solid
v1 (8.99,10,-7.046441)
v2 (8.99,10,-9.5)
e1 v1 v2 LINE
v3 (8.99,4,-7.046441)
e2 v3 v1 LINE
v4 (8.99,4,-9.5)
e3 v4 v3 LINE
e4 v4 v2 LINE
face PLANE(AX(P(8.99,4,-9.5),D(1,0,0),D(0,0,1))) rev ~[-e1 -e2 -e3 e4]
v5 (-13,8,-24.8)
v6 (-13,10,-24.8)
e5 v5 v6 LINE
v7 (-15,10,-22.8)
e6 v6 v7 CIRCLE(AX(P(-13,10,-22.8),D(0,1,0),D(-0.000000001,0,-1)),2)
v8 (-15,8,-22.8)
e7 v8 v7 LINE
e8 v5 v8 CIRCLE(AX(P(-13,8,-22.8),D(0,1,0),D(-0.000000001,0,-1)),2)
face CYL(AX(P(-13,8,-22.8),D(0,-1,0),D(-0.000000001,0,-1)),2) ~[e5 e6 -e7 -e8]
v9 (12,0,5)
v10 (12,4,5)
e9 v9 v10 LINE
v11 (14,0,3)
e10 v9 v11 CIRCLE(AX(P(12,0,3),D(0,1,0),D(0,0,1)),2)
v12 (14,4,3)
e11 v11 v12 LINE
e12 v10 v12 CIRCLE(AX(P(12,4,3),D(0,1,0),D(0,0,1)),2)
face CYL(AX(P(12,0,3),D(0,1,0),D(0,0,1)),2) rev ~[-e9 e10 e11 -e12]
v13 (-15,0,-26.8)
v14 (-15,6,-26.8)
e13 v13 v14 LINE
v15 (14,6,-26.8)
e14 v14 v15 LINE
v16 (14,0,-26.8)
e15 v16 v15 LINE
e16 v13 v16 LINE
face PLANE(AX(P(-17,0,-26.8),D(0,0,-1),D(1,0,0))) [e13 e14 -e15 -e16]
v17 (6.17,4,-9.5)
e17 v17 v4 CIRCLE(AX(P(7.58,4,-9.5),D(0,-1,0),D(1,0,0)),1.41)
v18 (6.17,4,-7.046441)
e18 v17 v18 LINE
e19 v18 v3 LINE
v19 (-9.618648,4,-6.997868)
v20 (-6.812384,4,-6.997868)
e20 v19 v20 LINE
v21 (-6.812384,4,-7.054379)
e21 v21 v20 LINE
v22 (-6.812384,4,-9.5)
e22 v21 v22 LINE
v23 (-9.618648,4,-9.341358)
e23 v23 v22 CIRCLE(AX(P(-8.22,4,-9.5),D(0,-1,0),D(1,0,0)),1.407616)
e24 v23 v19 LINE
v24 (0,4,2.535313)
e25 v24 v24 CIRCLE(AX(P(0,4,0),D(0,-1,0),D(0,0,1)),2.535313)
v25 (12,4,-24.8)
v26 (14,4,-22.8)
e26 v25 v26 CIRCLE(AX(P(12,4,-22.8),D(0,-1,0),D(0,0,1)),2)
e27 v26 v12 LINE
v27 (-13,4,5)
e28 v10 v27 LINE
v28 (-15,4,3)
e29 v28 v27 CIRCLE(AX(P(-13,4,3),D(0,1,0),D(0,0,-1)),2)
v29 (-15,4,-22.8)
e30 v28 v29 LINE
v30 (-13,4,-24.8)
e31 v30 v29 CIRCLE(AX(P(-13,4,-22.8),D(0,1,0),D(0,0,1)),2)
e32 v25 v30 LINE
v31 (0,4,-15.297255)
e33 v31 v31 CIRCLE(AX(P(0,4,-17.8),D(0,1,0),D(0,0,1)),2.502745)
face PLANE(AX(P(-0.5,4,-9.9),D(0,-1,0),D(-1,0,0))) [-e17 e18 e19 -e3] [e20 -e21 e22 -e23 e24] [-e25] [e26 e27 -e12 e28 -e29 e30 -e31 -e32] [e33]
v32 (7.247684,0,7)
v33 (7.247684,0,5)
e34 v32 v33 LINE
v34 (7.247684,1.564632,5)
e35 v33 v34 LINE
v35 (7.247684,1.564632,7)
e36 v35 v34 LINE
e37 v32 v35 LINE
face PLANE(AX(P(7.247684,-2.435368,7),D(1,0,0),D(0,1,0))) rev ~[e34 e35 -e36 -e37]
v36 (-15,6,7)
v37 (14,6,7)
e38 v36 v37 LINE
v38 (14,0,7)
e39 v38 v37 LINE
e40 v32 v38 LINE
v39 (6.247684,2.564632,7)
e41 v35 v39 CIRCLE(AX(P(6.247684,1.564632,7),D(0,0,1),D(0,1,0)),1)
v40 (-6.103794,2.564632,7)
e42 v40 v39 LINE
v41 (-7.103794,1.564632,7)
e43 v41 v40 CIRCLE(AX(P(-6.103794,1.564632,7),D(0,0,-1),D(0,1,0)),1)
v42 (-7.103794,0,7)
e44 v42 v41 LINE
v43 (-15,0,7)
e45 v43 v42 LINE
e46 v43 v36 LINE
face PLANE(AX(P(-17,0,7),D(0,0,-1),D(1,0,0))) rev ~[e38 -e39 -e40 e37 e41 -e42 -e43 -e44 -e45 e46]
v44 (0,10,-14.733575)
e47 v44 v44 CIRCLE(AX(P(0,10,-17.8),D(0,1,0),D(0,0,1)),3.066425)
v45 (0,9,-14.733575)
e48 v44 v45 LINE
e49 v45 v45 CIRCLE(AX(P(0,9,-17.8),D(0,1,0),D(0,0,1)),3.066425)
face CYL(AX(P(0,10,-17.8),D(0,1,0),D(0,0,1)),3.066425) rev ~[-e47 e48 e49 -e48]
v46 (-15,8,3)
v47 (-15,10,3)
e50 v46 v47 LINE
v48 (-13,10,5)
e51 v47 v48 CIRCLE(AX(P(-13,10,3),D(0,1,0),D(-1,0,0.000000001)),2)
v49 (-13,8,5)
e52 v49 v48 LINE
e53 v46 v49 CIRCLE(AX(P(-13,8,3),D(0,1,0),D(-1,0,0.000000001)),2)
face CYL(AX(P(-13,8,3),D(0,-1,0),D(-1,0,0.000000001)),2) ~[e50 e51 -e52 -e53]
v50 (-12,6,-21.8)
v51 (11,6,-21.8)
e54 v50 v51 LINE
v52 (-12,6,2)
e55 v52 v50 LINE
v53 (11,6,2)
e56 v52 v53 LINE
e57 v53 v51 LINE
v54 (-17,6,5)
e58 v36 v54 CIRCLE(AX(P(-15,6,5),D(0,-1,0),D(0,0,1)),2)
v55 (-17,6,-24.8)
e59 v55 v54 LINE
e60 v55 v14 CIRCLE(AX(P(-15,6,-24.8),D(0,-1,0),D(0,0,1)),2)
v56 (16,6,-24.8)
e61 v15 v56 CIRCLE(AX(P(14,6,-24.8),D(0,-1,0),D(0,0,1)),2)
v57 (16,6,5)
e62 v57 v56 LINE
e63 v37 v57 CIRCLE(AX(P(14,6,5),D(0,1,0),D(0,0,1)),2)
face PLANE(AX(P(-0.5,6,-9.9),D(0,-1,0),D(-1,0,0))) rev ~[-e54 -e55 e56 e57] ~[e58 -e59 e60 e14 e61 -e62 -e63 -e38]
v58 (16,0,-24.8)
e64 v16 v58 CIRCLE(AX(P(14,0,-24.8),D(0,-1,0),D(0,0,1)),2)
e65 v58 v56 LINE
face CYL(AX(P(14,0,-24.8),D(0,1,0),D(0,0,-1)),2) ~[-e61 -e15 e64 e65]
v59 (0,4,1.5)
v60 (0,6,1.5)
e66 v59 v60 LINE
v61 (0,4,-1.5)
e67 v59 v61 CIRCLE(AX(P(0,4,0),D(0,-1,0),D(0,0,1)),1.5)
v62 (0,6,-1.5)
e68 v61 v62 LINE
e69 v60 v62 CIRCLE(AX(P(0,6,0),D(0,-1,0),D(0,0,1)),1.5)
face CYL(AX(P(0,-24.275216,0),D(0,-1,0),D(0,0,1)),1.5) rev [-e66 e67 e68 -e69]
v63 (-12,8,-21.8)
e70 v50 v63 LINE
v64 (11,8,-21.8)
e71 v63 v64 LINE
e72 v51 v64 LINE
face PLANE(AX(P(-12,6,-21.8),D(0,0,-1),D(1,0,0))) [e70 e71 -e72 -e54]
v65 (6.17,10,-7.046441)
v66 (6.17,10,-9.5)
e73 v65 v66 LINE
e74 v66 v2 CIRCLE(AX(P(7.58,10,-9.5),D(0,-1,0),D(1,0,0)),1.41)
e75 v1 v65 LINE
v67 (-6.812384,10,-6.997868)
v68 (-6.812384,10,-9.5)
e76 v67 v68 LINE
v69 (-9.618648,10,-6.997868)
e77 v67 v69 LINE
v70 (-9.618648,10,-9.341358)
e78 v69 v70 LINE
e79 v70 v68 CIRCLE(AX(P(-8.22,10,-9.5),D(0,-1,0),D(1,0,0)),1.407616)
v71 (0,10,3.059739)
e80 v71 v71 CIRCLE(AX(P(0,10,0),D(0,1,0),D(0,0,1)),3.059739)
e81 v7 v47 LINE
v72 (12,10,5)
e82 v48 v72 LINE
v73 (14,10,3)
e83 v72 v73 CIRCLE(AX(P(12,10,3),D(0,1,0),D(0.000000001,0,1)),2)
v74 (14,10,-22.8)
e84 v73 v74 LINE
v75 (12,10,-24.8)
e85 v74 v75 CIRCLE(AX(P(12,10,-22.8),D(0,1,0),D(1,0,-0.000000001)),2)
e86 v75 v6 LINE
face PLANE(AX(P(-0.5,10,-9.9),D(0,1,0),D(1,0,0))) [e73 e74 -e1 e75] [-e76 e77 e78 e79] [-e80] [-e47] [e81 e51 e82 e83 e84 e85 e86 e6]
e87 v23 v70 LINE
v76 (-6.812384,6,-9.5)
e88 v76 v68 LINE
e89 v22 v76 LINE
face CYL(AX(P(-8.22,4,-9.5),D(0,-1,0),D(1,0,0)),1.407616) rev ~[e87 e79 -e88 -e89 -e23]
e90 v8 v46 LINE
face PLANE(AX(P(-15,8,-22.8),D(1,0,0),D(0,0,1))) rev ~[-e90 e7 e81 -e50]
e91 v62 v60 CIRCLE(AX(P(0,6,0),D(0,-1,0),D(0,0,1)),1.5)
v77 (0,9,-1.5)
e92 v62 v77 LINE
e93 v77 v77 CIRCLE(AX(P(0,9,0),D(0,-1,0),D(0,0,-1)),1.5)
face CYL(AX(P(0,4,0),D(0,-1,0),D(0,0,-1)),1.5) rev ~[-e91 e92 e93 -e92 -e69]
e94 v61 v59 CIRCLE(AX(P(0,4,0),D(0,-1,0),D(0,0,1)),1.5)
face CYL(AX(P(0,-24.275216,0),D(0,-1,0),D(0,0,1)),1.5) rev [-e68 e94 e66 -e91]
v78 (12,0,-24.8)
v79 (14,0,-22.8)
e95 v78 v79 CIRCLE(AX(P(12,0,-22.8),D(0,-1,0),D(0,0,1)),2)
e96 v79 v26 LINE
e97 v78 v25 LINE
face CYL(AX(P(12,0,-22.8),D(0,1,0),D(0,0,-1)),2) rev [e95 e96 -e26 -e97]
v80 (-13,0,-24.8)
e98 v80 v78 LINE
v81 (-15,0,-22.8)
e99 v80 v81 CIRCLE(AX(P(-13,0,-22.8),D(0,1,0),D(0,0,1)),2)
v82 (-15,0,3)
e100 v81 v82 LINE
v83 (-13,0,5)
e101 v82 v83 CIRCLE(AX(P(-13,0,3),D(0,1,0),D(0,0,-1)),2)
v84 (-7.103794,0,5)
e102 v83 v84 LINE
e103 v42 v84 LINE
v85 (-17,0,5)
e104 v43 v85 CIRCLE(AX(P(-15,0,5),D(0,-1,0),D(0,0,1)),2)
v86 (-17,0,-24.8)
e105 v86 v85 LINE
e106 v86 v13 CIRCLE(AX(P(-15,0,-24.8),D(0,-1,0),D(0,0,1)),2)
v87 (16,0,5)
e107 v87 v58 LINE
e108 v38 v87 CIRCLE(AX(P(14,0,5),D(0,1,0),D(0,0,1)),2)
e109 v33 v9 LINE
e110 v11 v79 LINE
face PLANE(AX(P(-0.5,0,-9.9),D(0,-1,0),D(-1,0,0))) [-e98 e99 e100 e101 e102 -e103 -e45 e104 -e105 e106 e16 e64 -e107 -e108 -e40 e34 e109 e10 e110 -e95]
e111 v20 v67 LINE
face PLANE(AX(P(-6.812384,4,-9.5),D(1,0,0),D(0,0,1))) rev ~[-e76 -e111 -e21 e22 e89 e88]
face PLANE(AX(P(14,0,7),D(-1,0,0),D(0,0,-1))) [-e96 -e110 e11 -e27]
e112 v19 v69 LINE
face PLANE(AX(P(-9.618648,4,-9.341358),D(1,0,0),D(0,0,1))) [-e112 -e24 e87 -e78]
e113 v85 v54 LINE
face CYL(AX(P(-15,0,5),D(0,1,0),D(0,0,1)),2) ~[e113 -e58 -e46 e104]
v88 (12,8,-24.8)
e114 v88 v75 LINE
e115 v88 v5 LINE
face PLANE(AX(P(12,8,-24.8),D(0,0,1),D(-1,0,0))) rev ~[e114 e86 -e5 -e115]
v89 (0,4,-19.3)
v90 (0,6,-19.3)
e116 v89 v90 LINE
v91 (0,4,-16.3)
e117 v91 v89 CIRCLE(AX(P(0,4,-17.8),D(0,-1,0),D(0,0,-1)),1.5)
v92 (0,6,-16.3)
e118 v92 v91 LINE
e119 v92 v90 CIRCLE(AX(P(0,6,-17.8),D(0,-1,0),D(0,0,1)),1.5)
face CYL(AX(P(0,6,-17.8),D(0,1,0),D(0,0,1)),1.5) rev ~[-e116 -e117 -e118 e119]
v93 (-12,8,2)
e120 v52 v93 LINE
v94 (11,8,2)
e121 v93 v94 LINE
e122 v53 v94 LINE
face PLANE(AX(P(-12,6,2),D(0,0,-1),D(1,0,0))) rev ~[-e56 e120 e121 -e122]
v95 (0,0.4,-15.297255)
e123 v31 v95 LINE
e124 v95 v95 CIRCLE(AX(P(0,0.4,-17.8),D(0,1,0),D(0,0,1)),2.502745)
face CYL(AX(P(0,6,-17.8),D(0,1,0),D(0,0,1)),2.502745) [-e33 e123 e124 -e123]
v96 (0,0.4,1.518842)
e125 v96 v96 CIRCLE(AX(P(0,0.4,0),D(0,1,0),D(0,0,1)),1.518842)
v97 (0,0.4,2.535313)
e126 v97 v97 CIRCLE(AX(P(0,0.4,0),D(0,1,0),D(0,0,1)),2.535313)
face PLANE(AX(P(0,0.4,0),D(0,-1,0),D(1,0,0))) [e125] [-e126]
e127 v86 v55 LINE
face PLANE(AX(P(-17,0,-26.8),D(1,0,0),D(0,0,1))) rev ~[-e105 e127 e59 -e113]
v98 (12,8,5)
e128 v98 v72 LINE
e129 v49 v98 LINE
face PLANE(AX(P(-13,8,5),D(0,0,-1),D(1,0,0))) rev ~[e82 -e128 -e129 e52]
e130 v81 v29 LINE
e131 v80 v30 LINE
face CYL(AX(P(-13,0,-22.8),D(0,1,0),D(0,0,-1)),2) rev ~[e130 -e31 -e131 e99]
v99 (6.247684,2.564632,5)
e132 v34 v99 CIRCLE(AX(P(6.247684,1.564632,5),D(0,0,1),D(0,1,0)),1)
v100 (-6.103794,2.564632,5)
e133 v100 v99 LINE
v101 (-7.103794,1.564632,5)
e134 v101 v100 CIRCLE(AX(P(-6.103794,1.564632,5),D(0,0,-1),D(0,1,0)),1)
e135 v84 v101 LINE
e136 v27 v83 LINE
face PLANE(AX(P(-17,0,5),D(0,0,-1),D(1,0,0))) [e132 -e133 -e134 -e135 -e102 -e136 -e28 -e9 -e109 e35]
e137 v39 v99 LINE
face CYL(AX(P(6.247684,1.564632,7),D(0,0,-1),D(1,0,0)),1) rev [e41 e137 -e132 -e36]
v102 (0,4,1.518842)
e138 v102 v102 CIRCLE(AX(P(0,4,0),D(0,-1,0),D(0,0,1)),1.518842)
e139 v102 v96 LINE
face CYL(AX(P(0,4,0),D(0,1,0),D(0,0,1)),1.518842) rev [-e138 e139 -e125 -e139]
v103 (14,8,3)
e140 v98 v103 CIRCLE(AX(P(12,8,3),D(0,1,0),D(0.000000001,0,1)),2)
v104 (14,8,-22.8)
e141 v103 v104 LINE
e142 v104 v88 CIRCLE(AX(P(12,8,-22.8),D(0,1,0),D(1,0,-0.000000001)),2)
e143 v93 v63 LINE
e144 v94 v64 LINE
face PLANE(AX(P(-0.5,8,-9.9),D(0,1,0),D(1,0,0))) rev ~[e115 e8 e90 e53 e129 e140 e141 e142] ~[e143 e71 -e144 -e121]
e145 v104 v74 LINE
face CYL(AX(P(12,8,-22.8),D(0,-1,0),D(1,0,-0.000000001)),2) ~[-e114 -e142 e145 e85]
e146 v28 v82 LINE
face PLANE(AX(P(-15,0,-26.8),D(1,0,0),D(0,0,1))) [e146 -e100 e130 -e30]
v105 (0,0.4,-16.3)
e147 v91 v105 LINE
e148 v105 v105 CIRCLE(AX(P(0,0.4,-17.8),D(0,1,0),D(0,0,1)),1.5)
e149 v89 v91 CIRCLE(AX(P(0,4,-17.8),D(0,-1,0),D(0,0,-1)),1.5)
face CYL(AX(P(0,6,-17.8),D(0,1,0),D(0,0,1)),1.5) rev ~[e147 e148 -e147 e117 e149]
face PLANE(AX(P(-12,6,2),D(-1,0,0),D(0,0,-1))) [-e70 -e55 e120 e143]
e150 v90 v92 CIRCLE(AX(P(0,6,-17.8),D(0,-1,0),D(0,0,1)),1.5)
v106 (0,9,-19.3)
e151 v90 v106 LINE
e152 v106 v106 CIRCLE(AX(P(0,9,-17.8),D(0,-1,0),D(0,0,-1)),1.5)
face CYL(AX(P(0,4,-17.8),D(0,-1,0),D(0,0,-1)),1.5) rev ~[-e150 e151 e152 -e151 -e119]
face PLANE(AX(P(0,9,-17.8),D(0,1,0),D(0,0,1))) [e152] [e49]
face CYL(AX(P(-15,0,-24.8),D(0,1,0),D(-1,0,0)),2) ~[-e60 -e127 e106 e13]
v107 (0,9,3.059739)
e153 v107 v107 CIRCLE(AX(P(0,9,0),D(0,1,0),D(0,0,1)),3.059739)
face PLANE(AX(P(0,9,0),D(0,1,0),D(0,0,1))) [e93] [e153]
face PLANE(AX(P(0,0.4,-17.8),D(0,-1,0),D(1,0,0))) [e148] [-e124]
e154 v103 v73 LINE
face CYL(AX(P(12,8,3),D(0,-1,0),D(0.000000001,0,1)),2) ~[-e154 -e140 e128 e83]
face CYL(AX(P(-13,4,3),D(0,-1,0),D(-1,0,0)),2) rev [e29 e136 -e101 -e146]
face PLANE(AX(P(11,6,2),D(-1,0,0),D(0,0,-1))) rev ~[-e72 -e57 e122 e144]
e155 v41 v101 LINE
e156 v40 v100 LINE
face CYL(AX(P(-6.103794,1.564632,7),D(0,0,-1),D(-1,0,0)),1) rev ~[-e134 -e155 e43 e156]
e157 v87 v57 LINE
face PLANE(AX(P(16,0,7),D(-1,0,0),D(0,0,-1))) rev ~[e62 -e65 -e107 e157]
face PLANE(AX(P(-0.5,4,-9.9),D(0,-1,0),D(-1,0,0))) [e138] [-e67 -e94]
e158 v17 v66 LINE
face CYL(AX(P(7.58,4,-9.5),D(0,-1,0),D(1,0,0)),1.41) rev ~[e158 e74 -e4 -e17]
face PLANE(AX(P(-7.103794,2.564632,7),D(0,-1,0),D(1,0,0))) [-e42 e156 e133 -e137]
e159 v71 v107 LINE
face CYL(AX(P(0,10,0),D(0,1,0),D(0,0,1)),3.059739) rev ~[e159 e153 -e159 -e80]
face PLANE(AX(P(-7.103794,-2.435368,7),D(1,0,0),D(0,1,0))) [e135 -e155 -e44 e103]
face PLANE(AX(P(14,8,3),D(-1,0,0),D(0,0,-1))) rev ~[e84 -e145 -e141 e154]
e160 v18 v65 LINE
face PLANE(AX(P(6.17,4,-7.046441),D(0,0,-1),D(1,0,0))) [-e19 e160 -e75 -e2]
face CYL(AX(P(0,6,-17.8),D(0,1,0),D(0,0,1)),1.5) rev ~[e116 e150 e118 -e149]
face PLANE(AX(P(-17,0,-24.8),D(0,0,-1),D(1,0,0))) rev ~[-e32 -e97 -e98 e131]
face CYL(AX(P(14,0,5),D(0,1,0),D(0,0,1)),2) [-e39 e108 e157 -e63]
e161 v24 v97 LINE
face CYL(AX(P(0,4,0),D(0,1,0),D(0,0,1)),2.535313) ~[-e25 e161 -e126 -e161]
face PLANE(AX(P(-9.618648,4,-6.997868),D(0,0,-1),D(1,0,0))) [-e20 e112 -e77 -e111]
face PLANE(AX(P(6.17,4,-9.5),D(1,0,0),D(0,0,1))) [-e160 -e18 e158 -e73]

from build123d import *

# Parameters (mm, degrees)
BOSS_EXTRUDE3_DEPTH     = 6
SHELL2_T                = -2
CUT_EXTRUDE4_DEPTH      = 32
CUT_EXTRUDE4_DEPTH_BACK = 34.275216002
SKETCH2_R               = 1.5
SKETCH2_R_2             = 1.407616296
SKETCH2_R_3             = 1.41
SKETCH2_W               = 1.407616296
SKETCH2_H               = 2.445621179
SKETCH2_W_2             = 1.376750608
SKETCH7_R               = 2.502744699
SKETCH7_R_2             = 1.5
BOSS_EXTRUDE4_DEPTH     = 6
SKETCH8_R               = 2.53531283
SKETCH8_R_2             = 1.518842354
BOSS_EXTRUDE6_DEPTH     = 4
FILLET1_R               = 2
FILLET2_R               = 2
CUT_EXTRUDE6_REACH      = 40.307
SKETCH10_W              = 14.351477832
SKETCH10_H              = 5
FILLET3_R               = 1
SKETCH11_R              = 3.20834654
SKETCH11_R_2            = 3.35149953
CUT_EXTRUDE7_DEPTH      = 0.4
SKETCH14_W              = 23
SKETCH14_H              = 23.8
BOSS_EXTRUDE9_DEPTH     = 2
BOSS_EXTRUDE10_DEPTH    = 2
SKETCH16_R              = 1.5
SKETCH16_R_2            = 1.407616296
SKETCH16_R_3            = 1.41
SKETCH16_W              = 2.806264375
SKETCH16_H              = 2.502132393
SKETCH16_W_2            = 2.82
SKETCH16_H_2            = 2.45355852
CUT_EXTRUDE9_DEPTH      = 33.299225997
SKETCH17_R              = 3.066424979
SKETCH17_R_2            = 3.059739342
CUT_EXTRUDE10_DEPTH     = 1


with BuildPart() as part:
    # Sketch1 → Boss-Extrude3 (new body)
    with BuildSketch(Plane(origin=(0, 0, 0), x_dir=(1, 0, 0), z_dir=(0, 1, 0))):
        Polygon((0, -7), (-17, -7), (-17, 17.8), (-17, 26.8), (16, 26.8), (16, 17.8), (16, -7), align=None)
    extrude(amount=BOSS_EXTRUDE3_DEPTH)

    # Shell2
    shell2_openings = [part.faces().sort_by_distance(p)[0] for p in [
        (-0.5, 0, -9.9),
    ]]
    offset(amount=SHELL2_T, openings=shell2_openings, kind=Kind.INTERSECTION)

    # Sketch2 → Cut-Extrude4 (cut, two sides: drawn at the far end of the back side and taken through both)
    with BuildSketch(Plane(origin=(0, 10, 0), x_dir=(1, 0, 0), z_dir=(0, 1, 0)).offset(-CUT_EXTRUDE4_DEPTH_BACK)):
        with Locations(Location((0, 17.8, 0), (0, 0, 270))):
            Circle(SKETCH2_R)
        with Locations((-8.22, 9.5)):
            Circle(SKETCH2_R_2)
        with Locations((7.58, 9.5)):
            Circle(SKETCH2_R_3)
        with Locations(Location((0, 0, 0), (0, 0, 270))):
            Circle(SKETCH2_R)
        with Locations((-7.516191852, 8.277189411)):
            Rectangle(SKETCH2_W, SKETCH2_H)
        with Locations((6.891624696, 8.277189411)):
            Rectangle(SKETCH2_W_2, SKETCH2_H)
    extrude(amount=CUT_EXTRUDE4_DEPTH + CUT_EXTRUDE4_DEPTH_BACK, mode=Mode.SUBTRACT)

    # Sketch7 → Boss-Extrude4 (add)
    with BuildSketch(Plane(origin=(0, 6, 0), x_dir=(1, 0, 0), z_dir=(0, 1, 0))):
        with Locations(Location((0, 17.8, 0), (0, 0, 270))):
            Circle(SKETCH7_R)
        with Locations(Location((0, 17.8, 0), (0, 0, 270))):
            Circle(SKETCH7_R_2, mode=Mode.SUBTRACT)
    extrude(amount=-BOSS_EXTRUDE4_DEPTH)

    # Sketch8 → Boss-Extrude6 (add)
    with BuildSketch(Plane.XZ.offset(-4)):
        with Locations(Location((0, 0, 0), (0, 0, 90))):
            Circle(SKETCH8_R)
        with Locations(Location((0, 0, 0), (0, 0, 90))):
            Circle(SKETCH8_R_2, mode=Mode.SUBTRACT)
    extrude(amount=BOSS_EXTRUDE6_DEPTH)

    # Fillet1
    fillet1_edges = [part.edges().sort_by_distance(p)[0] for p in [
        (-17, 3, 7),
        (-17, 3, -26.8),
        (16, 3, -26.8),
        (16, 3, 7),
    ]]
    fillet(fillet1_edges, radius=FILLET1_R)

    # Fillet2
    fillet2_edges = [part.edges().sort_by_distance(p)[0] for p in [
        (14, 2, 5),
        (14, 2, -24.8),
        (-15, 2, -24.8),
        (-15, 2, 5),
    ]]
    fillet(fillet2_edges, radius=FILLET2_R)

    # Sketch10 → Cut-Extrude6 (cut, up to next)
    with BuildSketch(Plane.XY.offset(7), mode=Mode.PRIVATE) as cut_extrude6_sk1:
        with Locations((0.071944839, 0.064631552)):
            Rectangle(SKETCH10_W, SKETCH10_H)
    cut_extrude6_tool1 = extrude(cut_extrude6_sk1.sketch, amount=-CUT_EXTRUDE6_REACH, mode=Mode.PRIVATE) & part.part
    add(cut_extrude6_tool1.solids().sort_by_distance((0.071945, 0.064632, 7))[0], mode=Mode.SUBTRACT)

    # Fillet3
    fillet3_edges = [part.edges().sort_by_distance(p)[0] for p in [
        (7.247683755, 2.564631552, 6),
        (-7.103794077, 2.564631552, 6),
    ]]
    fillet(fillet3_edges, radius=FILLET3_R)

    # Sketch11 → Cut-Extrude7 (cut)
    with BuildSketch(Plane.XZ):
        Circle(SKETCH11_R)
        with Locations((0, -17.8)):
            Circle(SKETCH11_R_2)
    extrude(amount=-CUT_EXTRUDE7_DEPTH, mode=Mode.SUBTRACT)

    # Sketch14 → Boss-Extrude9 (add)
    with BuildSketch(Plane(origin=(0, 6, 0), x_dir=(1, 0, 0), z_dir=(0, 1, 0))):
        with Locations((-0.5, 9.9)):
            Rectangle(SKETCH14_W, SKETCH14_H)
    extrude(amount=BOSS_EXTRUDE9_DEPTH)

    # Sketch15 → Boss-Extrude10 (add)
    with BuildSketch(Plane(origin=(0, 8, 0), x_dir=(1, 0, 0), z_dir=(0, 1, 0))):
        with BuildLine():
            Line((14, -3), (14, 22.8))
            ThreePointArc((14, 22.8), (13.414213562, 24.214213562), (12, 24.8))
            Line((12, 24.8), (-13, 24.8))
            ThreePointArc((-13, 24.8), (-14.414213562, 24.214213562), (-15, 22.8))
            Line((-15, 22.8), (-15, -3))
            ThreePointArc((-15, -3), (-14.414213562, -4.414213562), (-13, -5))
            Line((-13, -5), (12, -5))
            ThreePointArc((12, -5), (13.414213562, -4.414213562), (14, -3))
        make_face()
    extrude(amount=BOSS_EXTRUDE10_DEPTH)

    # Sketch16 → Cut-Extrude9 (cut, through all)
    with BuildSketch(Plane.XZ.offset(-4)):
        with Locations(Location((0, 0, 0), (0, 0, 270))):
            Circle(SKETCH16_R)
        with Locations(Location((0, -17.8, 0), (0, 0, 270))):
            Circle(SKETCH16_R)
        with Locations((-8.22, -9.5)):
            Circle(SKETCH16_R_2)
        with Locations((7.58, -9.5)):
            Circle(SKETCH16_R_3)
        with Locations((-8.215515892, -8.248933803)):
            Rectangle(SKETCH16_W, SKETCH16_H)
        with Locations((7.58, -8.27322074)):
            Rectangle(SKETCH16_W_2, SKETCH16_H_2)
    extrude(amount=-CUT_EXTRUDE9_DEPTH, mode=Mode.SUBTRACT)

    # Sketch17 → Cut-Extrude10 (cut)
    with BuildSketch(Plane(origin=(0, 10, 0), x_dir=(1, 0, 0), z_dir=(0, 1, 0))):
        with Locations(Location((0, 17.8, 0), (0, 0, 270))):
            Circle(SKETCH17_R)
        with Locations(Location((0, 0, 0), (0, 0, 270))):
            Circle(SKETCH17_R_2)
    extrude(amount=-CUT_EXTRUDE10_DEPTH, mode=Mode.SUBTRACT)


solid = part.part
